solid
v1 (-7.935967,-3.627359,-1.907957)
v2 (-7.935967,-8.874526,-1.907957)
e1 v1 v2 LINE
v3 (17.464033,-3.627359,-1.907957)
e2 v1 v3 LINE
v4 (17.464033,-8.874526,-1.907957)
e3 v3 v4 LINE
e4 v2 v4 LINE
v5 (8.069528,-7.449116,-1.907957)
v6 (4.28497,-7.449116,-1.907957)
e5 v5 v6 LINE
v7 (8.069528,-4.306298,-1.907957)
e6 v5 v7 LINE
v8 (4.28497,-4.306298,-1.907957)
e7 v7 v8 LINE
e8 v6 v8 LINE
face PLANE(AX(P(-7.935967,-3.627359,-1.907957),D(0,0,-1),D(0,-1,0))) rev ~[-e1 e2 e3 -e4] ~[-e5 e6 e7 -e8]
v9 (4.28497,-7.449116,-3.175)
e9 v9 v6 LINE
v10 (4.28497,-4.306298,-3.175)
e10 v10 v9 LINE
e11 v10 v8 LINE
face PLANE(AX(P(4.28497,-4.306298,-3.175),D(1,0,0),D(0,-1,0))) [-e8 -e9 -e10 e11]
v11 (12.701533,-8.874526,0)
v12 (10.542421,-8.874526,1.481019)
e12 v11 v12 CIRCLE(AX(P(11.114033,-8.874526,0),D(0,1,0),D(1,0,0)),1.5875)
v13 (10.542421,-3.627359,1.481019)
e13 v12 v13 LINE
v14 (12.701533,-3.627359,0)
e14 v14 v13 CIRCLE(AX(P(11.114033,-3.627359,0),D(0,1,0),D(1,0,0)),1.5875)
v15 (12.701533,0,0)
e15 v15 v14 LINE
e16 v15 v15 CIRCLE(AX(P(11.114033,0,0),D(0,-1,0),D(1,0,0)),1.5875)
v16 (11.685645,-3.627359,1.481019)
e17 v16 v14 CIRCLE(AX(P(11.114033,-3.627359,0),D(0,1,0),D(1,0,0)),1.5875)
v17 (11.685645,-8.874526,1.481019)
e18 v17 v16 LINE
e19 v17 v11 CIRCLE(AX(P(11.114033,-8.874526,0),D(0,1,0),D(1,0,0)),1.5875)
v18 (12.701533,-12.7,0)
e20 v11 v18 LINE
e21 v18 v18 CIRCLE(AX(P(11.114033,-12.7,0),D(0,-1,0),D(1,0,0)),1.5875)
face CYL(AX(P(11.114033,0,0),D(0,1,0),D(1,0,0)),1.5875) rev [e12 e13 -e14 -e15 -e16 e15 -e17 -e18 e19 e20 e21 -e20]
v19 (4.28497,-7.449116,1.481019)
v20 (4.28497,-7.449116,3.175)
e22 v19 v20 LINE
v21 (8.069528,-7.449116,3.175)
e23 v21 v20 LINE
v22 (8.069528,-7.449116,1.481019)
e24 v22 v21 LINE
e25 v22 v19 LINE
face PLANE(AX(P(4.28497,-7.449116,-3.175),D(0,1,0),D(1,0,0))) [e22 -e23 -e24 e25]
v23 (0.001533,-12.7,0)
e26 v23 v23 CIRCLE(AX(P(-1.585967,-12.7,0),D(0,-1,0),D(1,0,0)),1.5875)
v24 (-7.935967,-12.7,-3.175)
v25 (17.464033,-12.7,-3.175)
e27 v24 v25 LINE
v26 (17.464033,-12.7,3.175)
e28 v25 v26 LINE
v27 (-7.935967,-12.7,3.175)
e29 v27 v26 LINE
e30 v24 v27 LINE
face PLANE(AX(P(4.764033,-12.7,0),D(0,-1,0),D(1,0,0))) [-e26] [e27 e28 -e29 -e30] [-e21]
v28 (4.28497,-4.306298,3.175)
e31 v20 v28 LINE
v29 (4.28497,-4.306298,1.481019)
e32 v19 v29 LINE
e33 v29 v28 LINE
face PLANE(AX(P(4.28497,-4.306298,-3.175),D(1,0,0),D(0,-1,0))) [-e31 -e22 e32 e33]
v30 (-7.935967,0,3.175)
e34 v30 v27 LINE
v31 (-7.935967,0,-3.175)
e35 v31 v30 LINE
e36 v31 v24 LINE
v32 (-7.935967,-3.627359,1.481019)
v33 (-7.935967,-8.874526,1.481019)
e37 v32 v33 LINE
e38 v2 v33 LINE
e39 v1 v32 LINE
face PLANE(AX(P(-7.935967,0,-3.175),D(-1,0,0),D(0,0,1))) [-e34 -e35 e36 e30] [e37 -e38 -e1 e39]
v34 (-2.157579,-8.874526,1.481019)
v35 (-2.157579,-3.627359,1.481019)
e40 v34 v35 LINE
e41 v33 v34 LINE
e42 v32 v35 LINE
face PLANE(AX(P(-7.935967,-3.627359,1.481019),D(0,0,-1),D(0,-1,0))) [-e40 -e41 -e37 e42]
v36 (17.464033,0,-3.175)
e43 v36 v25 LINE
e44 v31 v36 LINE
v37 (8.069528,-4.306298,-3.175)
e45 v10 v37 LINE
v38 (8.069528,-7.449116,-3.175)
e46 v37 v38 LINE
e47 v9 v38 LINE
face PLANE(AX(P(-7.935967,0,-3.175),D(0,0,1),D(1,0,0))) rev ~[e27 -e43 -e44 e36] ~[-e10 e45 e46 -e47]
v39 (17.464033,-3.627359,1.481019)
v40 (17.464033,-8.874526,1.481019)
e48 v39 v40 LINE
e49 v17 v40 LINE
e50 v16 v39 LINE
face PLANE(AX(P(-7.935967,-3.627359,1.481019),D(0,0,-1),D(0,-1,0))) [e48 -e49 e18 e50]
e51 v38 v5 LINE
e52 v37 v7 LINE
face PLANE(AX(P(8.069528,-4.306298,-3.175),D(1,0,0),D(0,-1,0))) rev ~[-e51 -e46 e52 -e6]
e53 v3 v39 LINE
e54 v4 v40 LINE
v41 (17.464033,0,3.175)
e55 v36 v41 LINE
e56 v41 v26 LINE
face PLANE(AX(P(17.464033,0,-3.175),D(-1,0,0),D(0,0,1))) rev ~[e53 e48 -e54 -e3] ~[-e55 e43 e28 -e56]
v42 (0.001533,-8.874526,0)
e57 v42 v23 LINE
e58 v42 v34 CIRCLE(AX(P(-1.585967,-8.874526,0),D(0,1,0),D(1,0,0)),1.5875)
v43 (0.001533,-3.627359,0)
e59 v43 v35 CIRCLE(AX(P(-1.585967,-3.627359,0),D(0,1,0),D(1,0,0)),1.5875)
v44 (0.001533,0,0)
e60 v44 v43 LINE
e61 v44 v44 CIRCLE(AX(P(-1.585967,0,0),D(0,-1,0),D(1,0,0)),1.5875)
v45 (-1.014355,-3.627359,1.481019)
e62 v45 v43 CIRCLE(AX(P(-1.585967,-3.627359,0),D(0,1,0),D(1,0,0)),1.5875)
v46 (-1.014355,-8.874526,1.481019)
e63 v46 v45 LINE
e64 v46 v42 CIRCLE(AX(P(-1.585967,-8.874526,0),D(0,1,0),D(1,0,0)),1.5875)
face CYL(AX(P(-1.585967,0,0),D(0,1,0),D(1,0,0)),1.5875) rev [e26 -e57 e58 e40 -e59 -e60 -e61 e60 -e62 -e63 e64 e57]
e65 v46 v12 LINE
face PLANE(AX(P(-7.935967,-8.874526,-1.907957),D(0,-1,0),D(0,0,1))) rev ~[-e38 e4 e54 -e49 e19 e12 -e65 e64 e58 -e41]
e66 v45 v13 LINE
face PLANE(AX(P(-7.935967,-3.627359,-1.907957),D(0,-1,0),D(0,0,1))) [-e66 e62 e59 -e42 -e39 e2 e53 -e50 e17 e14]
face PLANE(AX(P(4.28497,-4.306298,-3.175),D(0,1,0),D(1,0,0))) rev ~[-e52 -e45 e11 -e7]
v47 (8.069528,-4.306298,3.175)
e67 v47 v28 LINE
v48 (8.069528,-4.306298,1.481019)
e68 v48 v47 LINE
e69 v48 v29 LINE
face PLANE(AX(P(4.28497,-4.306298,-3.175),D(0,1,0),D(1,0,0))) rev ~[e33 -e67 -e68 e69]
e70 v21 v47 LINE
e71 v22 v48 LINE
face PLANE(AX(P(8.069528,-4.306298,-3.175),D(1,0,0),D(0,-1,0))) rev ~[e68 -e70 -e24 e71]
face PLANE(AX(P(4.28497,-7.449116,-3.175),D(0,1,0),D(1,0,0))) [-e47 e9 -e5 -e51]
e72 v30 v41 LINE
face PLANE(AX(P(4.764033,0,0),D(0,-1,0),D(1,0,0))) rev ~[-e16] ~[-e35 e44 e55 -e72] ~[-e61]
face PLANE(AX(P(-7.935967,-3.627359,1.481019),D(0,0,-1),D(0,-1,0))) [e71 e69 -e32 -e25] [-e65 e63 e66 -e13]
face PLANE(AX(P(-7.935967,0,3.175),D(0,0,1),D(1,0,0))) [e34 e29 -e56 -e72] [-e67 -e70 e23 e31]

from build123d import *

# Parameters (mm, degrees)
F0_W     = 25.4
F0_H     = 6.35
F0_R     = 1.5875
F1_DEPTH = 12.7
F2_W     = 3.784558
F2_H     = 3.142819
F3_DEPTH = 25.4
F4_W     = 5.247167
F4_H     = 3.388975
F5_DEPTH = 25.4
F6_R     = 2.113267
F7_DEPTH = 25.4


with BuildPart() as f1:
    # F0 (on Front) → F1 (new body)
    with BuildSketch(Plane.XZ):
        with Locations((4.764033, 0)):
            Rectangle(F0_W, F0_H)
        with Locations((-1.585967, 0)):
            Circle(F0_R, mode=Mode.SUBTRACT)
        with Locations((11.114033, 0)):
            Circle(F0_R, mode=Mode.SUBTRACT)
    extrude(amount=F1_DEPTH)

    # F2 (on face) → F3 (cut)
    with BuildSketch(Plane(origin=(0, 0, -3.175), x_dir=(1, 0, 0), z_dir=(0, 0, -1))):
        with Locations((6.177249, 5.877707)):
            Rectangle(F2_W, F2_H)
    extrude(amount=-F3_DEPTH, mode=Mode.SUBTRACT)

    # F4 (on face) → F5 (cut)
    with BuildSketch(Plane(origin=(-7.935967, 0, 0), x_dir=(0, -1, 0), z_dir=(-1, 0, 0))):
        with Locations((6.250942, -0.213469)):
            Rectangle(F4_W, F4_H)
    extrude(amount=-F5_DEPTH, mode=Mode.SUBTRACT)

    # F6 (on face) → F7 (cut)
    with BuildSketch(Plane.XZ):
        with Locations((5.720744, 0)):
            Circle(F6_R)
    extrude(amount=-F7_DEPTH, mode=Mode.SUBTRACT)


solid = f1.part
